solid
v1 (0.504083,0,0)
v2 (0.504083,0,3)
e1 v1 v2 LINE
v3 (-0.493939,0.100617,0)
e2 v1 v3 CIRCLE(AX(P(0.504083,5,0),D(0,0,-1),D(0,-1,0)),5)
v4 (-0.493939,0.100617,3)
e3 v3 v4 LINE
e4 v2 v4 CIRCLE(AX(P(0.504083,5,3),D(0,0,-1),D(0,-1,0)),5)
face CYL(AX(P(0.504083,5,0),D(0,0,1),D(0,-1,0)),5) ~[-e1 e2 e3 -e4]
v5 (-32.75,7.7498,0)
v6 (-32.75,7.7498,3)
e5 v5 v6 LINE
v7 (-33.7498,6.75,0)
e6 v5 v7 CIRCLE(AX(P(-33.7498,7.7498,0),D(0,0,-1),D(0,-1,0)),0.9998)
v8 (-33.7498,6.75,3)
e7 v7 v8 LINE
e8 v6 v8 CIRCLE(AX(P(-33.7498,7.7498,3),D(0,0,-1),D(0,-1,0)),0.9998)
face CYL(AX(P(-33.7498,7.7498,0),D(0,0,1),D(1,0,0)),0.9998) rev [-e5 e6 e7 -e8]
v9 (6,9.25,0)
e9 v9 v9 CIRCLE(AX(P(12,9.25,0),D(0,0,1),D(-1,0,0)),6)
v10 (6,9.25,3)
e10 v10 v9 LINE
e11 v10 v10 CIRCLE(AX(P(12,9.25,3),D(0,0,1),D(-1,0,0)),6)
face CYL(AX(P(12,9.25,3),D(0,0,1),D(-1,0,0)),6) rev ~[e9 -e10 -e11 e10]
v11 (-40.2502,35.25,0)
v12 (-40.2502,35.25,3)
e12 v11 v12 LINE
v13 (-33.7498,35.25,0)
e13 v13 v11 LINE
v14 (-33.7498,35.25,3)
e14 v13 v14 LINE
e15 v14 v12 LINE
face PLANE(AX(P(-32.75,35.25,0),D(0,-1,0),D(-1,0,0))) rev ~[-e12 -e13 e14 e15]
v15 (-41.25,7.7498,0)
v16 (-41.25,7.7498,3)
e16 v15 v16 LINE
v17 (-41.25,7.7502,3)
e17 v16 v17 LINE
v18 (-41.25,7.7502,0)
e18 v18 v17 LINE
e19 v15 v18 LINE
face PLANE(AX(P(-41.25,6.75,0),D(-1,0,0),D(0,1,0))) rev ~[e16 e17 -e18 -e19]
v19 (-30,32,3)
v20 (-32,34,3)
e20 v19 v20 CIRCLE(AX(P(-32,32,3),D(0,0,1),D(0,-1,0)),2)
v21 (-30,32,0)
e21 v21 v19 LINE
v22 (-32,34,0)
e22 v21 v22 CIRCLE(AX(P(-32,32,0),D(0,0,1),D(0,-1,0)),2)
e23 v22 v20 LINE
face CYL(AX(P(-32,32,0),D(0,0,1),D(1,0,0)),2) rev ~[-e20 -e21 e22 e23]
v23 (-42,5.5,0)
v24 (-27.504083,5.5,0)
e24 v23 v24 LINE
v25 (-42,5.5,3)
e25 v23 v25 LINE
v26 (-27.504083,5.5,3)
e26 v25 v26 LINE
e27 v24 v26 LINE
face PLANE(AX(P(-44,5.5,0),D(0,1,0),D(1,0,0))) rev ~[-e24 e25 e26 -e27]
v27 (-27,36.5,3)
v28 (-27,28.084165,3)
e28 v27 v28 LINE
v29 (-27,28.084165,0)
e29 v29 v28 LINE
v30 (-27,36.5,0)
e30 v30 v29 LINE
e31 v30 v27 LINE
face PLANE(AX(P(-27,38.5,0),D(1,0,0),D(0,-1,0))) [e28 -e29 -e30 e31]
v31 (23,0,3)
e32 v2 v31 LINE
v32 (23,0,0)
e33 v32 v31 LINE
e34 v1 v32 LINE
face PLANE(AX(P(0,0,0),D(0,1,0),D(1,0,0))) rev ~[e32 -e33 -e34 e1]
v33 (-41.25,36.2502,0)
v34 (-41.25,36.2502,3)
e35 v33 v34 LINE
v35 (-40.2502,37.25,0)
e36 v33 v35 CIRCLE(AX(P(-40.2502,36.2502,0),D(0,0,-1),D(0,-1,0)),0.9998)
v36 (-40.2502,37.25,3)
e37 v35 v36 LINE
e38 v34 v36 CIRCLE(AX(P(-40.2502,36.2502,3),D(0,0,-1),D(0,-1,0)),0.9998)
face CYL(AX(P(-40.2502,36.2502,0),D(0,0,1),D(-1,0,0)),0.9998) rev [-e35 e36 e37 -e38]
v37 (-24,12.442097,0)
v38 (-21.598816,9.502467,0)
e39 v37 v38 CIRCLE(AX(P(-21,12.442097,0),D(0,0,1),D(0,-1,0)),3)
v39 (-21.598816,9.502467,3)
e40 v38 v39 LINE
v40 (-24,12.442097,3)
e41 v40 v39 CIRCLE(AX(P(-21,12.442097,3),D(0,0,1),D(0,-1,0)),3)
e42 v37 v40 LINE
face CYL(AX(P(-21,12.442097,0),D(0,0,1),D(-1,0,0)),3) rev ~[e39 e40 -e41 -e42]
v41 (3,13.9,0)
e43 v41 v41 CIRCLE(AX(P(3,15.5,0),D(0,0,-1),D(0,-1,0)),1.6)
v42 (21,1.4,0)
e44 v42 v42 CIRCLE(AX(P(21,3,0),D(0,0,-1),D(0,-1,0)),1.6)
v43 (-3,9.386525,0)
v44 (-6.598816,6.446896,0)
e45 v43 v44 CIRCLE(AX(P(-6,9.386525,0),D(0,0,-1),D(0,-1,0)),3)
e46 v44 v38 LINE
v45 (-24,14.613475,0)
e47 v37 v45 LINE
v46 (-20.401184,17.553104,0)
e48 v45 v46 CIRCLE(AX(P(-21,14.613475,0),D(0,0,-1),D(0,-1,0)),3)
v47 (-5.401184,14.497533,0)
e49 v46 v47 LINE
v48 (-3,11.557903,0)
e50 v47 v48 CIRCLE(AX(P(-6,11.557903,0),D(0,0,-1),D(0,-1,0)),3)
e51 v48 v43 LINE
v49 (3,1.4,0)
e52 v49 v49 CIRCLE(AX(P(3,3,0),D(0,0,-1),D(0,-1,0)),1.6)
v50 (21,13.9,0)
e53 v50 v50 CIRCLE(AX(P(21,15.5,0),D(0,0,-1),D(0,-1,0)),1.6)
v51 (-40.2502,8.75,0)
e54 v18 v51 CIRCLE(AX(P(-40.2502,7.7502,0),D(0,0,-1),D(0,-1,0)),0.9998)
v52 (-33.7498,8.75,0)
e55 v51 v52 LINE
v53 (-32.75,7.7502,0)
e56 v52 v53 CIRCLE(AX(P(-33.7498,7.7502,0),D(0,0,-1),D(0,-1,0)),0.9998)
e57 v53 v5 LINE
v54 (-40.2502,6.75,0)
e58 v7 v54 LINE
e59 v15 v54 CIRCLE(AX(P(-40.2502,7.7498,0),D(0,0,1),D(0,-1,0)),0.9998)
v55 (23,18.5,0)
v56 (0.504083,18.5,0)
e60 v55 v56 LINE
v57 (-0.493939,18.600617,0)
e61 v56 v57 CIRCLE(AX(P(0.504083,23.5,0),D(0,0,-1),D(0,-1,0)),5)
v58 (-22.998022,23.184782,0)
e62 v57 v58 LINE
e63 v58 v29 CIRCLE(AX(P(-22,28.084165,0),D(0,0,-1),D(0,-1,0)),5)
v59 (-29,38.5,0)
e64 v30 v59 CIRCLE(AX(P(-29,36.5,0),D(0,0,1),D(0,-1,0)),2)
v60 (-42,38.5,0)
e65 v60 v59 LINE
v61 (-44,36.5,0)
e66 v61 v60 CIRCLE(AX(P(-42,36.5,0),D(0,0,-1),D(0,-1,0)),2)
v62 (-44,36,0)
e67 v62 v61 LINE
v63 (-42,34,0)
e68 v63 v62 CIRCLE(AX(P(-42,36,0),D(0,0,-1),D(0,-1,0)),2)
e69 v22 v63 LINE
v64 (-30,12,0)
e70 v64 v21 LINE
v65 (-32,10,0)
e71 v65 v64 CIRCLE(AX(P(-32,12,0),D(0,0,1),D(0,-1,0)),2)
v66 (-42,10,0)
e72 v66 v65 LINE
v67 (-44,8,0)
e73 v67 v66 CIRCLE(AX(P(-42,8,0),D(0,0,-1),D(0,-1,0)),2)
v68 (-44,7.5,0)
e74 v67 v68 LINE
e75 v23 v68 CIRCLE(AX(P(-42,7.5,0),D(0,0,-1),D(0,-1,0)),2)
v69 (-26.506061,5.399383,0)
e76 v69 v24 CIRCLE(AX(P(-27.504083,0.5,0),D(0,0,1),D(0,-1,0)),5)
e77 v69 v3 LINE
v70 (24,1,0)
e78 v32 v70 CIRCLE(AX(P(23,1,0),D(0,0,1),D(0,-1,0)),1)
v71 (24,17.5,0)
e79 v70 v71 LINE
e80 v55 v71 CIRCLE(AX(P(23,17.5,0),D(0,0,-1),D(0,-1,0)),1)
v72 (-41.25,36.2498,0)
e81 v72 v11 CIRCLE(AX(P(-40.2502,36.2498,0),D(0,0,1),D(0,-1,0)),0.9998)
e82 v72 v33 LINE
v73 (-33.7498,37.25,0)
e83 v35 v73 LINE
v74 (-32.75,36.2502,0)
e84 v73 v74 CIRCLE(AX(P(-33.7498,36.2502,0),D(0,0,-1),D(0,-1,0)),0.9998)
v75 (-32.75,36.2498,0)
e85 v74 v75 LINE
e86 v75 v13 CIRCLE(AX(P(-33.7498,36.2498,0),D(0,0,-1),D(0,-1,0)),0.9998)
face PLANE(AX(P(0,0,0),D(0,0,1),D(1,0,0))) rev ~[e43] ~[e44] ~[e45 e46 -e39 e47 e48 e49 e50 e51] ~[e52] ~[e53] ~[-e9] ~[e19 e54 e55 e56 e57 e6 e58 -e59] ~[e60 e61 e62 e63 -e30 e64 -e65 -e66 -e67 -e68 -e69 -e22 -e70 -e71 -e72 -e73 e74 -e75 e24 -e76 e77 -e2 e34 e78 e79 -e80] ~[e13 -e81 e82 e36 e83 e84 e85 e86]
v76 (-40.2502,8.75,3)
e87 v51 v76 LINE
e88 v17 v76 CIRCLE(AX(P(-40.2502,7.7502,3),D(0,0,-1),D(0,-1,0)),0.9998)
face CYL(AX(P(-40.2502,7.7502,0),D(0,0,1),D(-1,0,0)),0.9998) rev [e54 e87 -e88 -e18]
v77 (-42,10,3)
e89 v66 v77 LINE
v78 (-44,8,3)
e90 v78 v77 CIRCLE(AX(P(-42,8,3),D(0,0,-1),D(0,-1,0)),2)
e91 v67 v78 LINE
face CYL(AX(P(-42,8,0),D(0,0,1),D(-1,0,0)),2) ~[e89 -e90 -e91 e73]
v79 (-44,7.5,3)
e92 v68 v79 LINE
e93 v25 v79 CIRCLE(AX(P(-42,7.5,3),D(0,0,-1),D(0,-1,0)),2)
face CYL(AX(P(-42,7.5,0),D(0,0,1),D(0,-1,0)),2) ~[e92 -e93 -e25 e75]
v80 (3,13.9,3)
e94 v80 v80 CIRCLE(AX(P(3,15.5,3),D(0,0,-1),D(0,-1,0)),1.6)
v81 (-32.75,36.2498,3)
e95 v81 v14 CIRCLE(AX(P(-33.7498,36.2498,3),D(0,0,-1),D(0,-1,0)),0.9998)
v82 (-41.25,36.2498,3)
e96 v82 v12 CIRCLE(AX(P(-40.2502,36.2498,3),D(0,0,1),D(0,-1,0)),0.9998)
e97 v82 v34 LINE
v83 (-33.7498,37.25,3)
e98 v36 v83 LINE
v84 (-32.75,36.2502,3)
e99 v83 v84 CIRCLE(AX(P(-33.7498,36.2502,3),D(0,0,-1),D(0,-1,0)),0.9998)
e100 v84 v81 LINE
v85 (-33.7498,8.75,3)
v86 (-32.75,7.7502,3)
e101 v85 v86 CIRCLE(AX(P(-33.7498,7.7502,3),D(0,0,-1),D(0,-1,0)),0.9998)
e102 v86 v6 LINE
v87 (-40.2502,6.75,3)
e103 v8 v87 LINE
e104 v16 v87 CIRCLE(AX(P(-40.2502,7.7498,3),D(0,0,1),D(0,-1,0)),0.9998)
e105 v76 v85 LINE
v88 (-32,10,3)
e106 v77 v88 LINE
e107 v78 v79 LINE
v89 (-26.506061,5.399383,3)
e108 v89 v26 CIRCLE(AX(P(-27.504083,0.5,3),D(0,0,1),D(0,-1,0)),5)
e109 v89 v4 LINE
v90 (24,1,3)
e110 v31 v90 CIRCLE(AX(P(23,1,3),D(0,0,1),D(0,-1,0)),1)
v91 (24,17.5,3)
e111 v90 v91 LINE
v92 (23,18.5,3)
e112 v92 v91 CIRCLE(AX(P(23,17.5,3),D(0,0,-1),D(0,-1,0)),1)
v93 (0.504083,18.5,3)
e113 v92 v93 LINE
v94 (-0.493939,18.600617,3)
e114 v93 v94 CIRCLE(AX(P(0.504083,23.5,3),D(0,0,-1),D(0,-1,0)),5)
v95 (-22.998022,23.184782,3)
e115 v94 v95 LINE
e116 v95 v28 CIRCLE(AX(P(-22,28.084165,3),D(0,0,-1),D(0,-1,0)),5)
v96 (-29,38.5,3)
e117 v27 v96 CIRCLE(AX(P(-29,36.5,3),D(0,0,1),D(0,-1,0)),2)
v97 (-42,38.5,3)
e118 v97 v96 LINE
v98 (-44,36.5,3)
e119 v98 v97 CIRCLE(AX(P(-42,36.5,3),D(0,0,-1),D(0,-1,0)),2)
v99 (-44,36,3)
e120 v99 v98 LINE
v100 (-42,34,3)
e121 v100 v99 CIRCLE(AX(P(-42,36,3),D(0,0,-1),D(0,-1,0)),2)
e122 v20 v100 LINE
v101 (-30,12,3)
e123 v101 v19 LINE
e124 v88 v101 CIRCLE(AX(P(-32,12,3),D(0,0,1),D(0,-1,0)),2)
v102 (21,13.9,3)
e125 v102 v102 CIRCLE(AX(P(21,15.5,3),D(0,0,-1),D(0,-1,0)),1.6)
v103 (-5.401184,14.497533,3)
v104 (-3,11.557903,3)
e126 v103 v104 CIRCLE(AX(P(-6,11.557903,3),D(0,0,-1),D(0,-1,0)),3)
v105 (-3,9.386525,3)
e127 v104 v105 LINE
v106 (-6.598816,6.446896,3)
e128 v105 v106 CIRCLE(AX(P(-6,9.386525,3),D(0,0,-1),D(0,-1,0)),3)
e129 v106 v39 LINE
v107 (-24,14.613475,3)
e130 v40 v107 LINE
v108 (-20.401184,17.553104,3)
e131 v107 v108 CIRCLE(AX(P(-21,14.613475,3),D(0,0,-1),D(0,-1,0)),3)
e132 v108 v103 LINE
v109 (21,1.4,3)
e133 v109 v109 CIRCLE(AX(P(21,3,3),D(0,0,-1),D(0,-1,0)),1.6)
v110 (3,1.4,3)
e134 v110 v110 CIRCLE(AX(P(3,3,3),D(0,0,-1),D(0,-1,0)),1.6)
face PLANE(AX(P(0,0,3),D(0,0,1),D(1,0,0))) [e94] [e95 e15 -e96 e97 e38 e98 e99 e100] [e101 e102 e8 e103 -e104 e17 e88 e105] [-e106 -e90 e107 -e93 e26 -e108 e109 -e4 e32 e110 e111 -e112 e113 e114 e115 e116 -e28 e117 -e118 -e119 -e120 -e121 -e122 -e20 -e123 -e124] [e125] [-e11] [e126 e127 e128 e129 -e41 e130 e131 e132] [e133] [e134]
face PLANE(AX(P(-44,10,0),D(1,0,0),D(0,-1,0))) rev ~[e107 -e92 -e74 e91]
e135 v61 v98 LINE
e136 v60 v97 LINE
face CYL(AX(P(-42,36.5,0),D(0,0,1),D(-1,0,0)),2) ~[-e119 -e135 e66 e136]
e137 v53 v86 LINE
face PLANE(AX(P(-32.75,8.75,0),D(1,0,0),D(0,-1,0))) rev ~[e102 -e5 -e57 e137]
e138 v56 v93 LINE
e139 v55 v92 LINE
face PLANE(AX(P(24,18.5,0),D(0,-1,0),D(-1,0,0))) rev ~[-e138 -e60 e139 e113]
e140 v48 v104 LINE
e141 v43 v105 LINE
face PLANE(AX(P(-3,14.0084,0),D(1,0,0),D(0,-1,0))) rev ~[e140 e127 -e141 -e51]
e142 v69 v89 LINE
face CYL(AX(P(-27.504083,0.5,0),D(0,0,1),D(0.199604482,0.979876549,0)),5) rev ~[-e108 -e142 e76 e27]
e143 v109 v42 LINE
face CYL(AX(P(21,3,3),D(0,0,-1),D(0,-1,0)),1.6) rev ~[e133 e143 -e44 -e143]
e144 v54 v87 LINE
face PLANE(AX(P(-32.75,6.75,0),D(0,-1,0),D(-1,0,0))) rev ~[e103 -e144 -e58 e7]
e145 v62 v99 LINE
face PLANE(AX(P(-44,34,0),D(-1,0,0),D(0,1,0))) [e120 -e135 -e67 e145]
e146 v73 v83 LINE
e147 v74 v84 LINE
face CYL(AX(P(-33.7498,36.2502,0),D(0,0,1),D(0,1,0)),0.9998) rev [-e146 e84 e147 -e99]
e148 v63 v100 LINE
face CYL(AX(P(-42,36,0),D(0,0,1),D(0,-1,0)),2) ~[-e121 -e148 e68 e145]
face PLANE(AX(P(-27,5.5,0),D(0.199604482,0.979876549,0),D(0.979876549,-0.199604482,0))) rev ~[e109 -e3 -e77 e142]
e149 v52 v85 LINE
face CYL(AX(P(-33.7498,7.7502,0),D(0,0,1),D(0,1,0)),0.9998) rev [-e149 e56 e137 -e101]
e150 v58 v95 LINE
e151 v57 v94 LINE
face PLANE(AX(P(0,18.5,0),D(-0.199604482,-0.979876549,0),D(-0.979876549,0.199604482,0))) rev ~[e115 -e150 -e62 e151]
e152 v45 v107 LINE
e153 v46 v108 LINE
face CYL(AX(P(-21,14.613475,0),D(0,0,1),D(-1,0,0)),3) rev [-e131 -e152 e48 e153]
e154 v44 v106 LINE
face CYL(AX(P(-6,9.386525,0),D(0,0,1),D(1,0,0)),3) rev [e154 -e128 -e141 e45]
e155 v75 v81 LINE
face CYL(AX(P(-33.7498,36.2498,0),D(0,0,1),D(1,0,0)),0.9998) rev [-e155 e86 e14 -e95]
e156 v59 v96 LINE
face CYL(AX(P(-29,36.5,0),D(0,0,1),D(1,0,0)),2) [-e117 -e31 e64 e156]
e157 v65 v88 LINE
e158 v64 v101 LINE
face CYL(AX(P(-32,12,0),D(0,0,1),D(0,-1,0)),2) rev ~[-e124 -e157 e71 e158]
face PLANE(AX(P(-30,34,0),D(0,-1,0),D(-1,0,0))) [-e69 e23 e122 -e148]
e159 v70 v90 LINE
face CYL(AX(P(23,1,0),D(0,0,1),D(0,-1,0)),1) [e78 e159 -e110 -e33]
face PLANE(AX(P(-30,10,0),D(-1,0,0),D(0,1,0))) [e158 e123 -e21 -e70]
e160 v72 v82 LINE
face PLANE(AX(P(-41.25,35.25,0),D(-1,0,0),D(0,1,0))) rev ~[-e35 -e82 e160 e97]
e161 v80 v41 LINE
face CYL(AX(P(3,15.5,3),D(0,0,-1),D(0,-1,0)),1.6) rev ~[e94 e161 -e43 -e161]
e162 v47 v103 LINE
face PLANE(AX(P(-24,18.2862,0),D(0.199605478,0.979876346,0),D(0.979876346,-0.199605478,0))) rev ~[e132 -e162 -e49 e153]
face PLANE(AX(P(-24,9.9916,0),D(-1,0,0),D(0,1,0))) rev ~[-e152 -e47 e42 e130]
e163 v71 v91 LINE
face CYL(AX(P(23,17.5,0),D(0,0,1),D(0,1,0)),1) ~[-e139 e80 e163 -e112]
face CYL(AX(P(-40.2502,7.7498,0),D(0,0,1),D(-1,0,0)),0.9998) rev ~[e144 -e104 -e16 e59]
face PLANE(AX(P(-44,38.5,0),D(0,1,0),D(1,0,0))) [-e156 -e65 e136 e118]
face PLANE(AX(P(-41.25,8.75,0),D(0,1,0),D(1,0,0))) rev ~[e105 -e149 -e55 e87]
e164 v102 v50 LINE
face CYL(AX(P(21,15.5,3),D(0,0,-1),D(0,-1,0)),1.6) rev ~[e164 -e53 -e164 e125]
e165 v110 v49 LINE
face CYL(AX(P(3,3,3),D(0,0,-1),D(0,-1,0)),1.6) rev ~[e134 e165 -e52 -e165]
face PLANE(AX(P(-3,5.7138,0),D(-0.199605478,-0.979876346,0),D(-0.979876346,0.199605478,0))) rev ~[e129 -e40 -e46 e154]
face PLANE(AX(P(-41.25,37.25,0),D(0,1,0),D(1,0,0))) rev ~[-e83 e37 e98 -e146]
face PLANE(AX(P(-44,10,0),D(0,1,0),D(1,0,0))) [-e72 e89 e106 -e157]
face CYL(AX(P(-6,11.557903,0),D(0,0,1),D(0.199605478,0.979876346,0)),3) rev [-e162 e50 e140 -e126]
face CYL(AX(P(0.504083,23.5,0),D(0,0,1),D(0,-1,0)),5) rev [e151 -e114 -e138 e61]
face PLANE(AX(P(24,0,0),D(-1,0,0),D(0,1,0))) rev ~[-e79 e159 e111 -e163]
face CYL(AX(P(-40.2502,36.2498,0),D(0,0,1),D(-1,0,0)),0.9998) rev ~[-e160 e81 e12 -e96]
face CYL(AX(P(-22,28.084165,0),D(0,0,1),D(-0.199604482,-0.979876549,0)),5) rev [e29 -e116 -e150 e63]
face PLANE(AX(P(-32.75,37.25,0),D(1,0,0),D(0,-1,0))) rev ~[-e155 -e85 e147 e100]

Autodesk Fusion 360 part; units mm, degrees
sketch "Sketch24" plane through (0, 0, 0) normal (0, 0, 1) x (1, 0, 0)
  line L0 (0, 0) -> (24, 0)
  line L1 (24, 0) -> (24, 18.5)
  line L2 (24, 18.5) -> (0, 18.5)
  line L3 (0, 18.5) -> (0, 0)
  dimension "d200" = 24
  dimension "d201" = 18.5
sketch "Sketch25" plane through (0, 0, 0) normal (0, 0, 1) x (1, 0, 0)
  line L0 (0, 0) -> (24, 0)
  line L1 (0, 18.5) -> (0, 0)
extrude "Extrude16" add sketch "Sketch24" along normal blind 3
sketch "Sketch26" plane through (0, 0, 3) normal (0, 0, 1) x (-1, 0, 0)
  line L0 (0, -18.5) -> (0, 0)
  line L1 (0, 0) -> (-24, 0)
  line L2 (-24, 0) -> (-24, -18.5)
  line L3 (-24, -18.5) -> (0, -18.5)
  point P0 (-3, -3)
  dimension "d206" = 3
  dimension "d207" = 3
hole "Hole7" at (3, 3, 3) direction (0, 0, -1) diameter 3.2 depth 3 tip angle 118
pattern_linear "R-Pattern3" count 2 spacing 18 along (1, 0, 0) count 2 spacing 12.5 along (0, 1, 0) of "Hole7"
sketch "Sketch27" plane through (0, 0, 0) normal (0, 0, 1) x (1, 0, 0)
  line L0 (-44, 10) -> (-30, 10)
  line L1 (-30, 10) -> (-30, 34)
  line L2 (-30, 34) -> (-44, 34)
  line L3 (-44, 34) -> (-44, 10) construction
  line L4 (-41.25, 37.25) -> (-32.75, 37.25)
  line L5 (-32.75, 37.25) -> (-32.75, 35.25)
  line L6 (-32.75, 35.25) -> (-41.25, 35.25)
  line L7 (-41.25, 35.25) -> (-41.25, 37.25)
  line L8 (-41.25, 8.75) -> (-32.75, 8.75)
  line L9 (-32.75, 8.75) -> (-32.75, 6.75)
  line L10 (-32.75, 6.75) -> (-41.25, 6.75)
  line L11 (-41.25, 6.75) -> (-41.25, 8.75)
  line L12 (-44, 34) -> (-44, 38.5)
  line L13 (-44, 38.5) -> (-27, 38.5)
  line L14 (-44, 10) -> (-44, 5.5)
  line L15 (-44, 5.5) -> (-27, 5.5)
  line L16 (-27, 5.5) -> (0, 0)
  line L17 (0, 0) -> (0, 18.5)
  line L18 (0, 18.5) -> (-27, 24)
  line L19 (-27, 24) -> (-27, 5.5) construction
  line L20 (-27, 38.5) -> (-27, 24)
  line L21 (-24, 18.2862) -> (-3, 14.0084)
  line L22 (-3, 14.0084) -> (-3, 5.7138)
  line L23 (-3, 5.7138) -> (-24, 9.9916)
  line L24 (-24, 9.9916) -> (-24, 18.2862)
  dimension "d215" = 14
  dimension "d216" = 24
  dimension "d217" = 30
  dimension "d218" = 10
  dimension "d219" = 8.5
  dimension "d220" = 2
  dimension "d221" = 2.75
  dimension "d222" = 1.25
  dimension "d223" = 8.5
  dimension "d224" = 2
  dimension "d225" = 2.75
  dimension "d226" = 1.25
  dimension "d227" = 4.5
  dimension "d228" = 17
  dimension "d229" = 4.5
  dimension "d230" = 17
  dimension "d231" = 18.5
  dimension "d232" = 3
  dimension "d233" = 3
  dimension "d235" = 5
  dimension "d236" = 5
extrude "Extrude17" add sketch "Sketch27" along normal blind 3
fillet "Fillet20" radius 1 2 edges at (24, 0, 1.5) (24, 18.5, 1.5)
fillet "Fillet21" radius 3 4 edges at (-24, 18.2862, 1.5) (-3, 14.0084, 1.5) (-3, 5.7138, 1.5) (-24, 9.9916, 1.5)
fillet "Fillet22" radius 5 4 edges at (0, 18.5, 1.5) (0, 0, 1.5) (-27, 5.5, 1.5) (-27, 24, 1.5)
fillet "Fillet23" radius 2 7 edges at (-44, 38.5, 1.5) (-44, 34, 1.5) (-44, 10, 1.5) (-44, 5.5, 1.5) (-27, 38.5, 1.5) (-30, 34, 1.5) (-30, 10, 1.5)
fillet "Fillet24" radius 1 8 edges at (-32.75, 37.25, 1.5) (-32.75, 35.25, 1.5) (-41.25, 35.25, 1.5) (-41.25, 37.25, 1.5) (-41.25, 8.75, 1.5) (-41.25, 6.75, 1.5) (-32.75, 6.75, 1.5) (-32.75, 8.75, 1.5)
sketch "Sketch28" plane through (0, 0, 3) normal (0, 0, 1) x (-1, 0, 0)
  arc A0 (27, -36.5) -> (29, -38.5) centre (29, -36.5) ccw
  line L0 (29, -38.5) -> (42, -38.5)
  arc A1 (42, -38.5) -> (44, -36.5) centre (42, -36.5) ccw
  line L1 (44, -36.5) -> (44, -36)
  arc A2 (44, -36) -> (42, -34) centre (42, -36) ccw
  line L2 (42, -34) -> (32, -34)
  arc A3 (30, -32) -> (32, -34) centre (32, -32) ccw
  line L3 (30, -32) -> (30, -12)
  arc A4 (32, -10) -> (30, -12) centre (32, -12) ccw
  line L4 (32, -10) -> (42, -10)
  arc A5 (42, -10) -> (44, -8) centre (42, -8) ccw
  line L5 (44, -8) -> (44, -7.5)
  arc A6 (44, -7.5) -> (42, -5.5) centre (42, -7.5) ccw
  line L6 (42, -5.5) -> (27.5041, -5.5)
  arc A7 (26.5061, -5.3994) -> (27.5041, -5.5) centre (27.5041, -0.5) ccw
  line L7 (26.5061, -5.3994) -> (0.4939, -0.1006)
  arc A8 (0.4939, -0.1006) -> (-0.5041, 0) centre (-0.5041, -5) ccw
  line L8 (-0.5041, 0) -> (-23, 0)
  arc A9 (-23, 0) -> (-24, -1) centre (-23, -1) ccw
  line L9 (-24, -1) -> (-24, -17.5)
  arc A10 (-24, -17.5) -> (-23, -18.5) centre (-23, -17.5) ccw
  line L10 (-23, -18.5) -> (-0.5041, -18.5)
  arc A11 (0.4939, -18.6006) -> (-0.5041, -18.5) centre (-0.5041, -23.5) ccw
  line L11 (0.4939, -18.6006) -> (22.998, -23.1848)
  arc A12 (27, -28.0842) -> (22.998, -23.1848) centre (22, -28.0842) ccw
  line L12 (27, -28.0842) -> (27, -36.5)
  line L13 (33.75, -6.75) -> (40.25, -6.75)
  arc A13 (40.25, -8.75) -> (40.25, -6.75) centre (40.25, -7.75) ccw
  line L14 (40.25, -8.75) -> (33.75, -8.75)
  arc A14 (33.75, -6.75) -> (33.75, -8.75) centre (33.75, -7.75) ccw
  line L15 (6.5988, -6.4469) -> (21.5988, -9.5024)
  arc A15 (24, -12.4421) -> (21.5988, -9.5024) centre (21, -12.4421) ccw
  line L16 (24, -12.4421) -> (24, -14.6135)
  arc A16 (20.4012, -17.5531) -> (24, -14.6135) centre (21, -14.6135) ccw
  line L17 (20.4012, -17.5531) -> (5.4012, -14.4976)
  arc A17 (3, -11.5579) -> (5.4012, -14.4976) centre (6, -11.5579) ccw
  line L18 (3, -11.5579) -> (3, -9.3865)
  arc A18 (6.5988, -6.4469) -> (3, -9.3865) centre (6, -9.3865) ccw
  line L19 (33.75, -35.25) -> (40.25, -35.25)
  arc A19 (41.25, -36.25) -> (40.25, -35.25) centre (40.25, -36.25) ccw
  arc A20 (40.25, -37.25) -> (41.25, -36.25) centre (40.25, -36.25) ccw
  line L20 (40.25, -37.25) -> (33.75, -37.25)
  arc A21 (32.75, -36.25) -> (33.75, -37.25) centre (33.75, -36.25) ccw
  arc A22 (33.75, -35.25) -> (32.75, -36.25) centre (33.75, -36.25) ccw
  circle A23 centre (-21, -15.5) radius 1.6
  circle A24 centre (-3, -15.5) radius 1.6
  circle A25 centre (-21, -3) radius 1.6
  circle A26 centre (-3, -3) radius 1.6
  circle A27 centre (-12, -9.25) radius 6
  point P0 (-12, -9.25)
  dimension "d249" = 12
  dimension "d250" = 9.25
  dimension "d251" = 12
extrude "Extrude18" cut sketch "Sketch28" against normal blind 3 contours A27
equation "d250 = ( 18.5 / 2 ) * 1 mm"
